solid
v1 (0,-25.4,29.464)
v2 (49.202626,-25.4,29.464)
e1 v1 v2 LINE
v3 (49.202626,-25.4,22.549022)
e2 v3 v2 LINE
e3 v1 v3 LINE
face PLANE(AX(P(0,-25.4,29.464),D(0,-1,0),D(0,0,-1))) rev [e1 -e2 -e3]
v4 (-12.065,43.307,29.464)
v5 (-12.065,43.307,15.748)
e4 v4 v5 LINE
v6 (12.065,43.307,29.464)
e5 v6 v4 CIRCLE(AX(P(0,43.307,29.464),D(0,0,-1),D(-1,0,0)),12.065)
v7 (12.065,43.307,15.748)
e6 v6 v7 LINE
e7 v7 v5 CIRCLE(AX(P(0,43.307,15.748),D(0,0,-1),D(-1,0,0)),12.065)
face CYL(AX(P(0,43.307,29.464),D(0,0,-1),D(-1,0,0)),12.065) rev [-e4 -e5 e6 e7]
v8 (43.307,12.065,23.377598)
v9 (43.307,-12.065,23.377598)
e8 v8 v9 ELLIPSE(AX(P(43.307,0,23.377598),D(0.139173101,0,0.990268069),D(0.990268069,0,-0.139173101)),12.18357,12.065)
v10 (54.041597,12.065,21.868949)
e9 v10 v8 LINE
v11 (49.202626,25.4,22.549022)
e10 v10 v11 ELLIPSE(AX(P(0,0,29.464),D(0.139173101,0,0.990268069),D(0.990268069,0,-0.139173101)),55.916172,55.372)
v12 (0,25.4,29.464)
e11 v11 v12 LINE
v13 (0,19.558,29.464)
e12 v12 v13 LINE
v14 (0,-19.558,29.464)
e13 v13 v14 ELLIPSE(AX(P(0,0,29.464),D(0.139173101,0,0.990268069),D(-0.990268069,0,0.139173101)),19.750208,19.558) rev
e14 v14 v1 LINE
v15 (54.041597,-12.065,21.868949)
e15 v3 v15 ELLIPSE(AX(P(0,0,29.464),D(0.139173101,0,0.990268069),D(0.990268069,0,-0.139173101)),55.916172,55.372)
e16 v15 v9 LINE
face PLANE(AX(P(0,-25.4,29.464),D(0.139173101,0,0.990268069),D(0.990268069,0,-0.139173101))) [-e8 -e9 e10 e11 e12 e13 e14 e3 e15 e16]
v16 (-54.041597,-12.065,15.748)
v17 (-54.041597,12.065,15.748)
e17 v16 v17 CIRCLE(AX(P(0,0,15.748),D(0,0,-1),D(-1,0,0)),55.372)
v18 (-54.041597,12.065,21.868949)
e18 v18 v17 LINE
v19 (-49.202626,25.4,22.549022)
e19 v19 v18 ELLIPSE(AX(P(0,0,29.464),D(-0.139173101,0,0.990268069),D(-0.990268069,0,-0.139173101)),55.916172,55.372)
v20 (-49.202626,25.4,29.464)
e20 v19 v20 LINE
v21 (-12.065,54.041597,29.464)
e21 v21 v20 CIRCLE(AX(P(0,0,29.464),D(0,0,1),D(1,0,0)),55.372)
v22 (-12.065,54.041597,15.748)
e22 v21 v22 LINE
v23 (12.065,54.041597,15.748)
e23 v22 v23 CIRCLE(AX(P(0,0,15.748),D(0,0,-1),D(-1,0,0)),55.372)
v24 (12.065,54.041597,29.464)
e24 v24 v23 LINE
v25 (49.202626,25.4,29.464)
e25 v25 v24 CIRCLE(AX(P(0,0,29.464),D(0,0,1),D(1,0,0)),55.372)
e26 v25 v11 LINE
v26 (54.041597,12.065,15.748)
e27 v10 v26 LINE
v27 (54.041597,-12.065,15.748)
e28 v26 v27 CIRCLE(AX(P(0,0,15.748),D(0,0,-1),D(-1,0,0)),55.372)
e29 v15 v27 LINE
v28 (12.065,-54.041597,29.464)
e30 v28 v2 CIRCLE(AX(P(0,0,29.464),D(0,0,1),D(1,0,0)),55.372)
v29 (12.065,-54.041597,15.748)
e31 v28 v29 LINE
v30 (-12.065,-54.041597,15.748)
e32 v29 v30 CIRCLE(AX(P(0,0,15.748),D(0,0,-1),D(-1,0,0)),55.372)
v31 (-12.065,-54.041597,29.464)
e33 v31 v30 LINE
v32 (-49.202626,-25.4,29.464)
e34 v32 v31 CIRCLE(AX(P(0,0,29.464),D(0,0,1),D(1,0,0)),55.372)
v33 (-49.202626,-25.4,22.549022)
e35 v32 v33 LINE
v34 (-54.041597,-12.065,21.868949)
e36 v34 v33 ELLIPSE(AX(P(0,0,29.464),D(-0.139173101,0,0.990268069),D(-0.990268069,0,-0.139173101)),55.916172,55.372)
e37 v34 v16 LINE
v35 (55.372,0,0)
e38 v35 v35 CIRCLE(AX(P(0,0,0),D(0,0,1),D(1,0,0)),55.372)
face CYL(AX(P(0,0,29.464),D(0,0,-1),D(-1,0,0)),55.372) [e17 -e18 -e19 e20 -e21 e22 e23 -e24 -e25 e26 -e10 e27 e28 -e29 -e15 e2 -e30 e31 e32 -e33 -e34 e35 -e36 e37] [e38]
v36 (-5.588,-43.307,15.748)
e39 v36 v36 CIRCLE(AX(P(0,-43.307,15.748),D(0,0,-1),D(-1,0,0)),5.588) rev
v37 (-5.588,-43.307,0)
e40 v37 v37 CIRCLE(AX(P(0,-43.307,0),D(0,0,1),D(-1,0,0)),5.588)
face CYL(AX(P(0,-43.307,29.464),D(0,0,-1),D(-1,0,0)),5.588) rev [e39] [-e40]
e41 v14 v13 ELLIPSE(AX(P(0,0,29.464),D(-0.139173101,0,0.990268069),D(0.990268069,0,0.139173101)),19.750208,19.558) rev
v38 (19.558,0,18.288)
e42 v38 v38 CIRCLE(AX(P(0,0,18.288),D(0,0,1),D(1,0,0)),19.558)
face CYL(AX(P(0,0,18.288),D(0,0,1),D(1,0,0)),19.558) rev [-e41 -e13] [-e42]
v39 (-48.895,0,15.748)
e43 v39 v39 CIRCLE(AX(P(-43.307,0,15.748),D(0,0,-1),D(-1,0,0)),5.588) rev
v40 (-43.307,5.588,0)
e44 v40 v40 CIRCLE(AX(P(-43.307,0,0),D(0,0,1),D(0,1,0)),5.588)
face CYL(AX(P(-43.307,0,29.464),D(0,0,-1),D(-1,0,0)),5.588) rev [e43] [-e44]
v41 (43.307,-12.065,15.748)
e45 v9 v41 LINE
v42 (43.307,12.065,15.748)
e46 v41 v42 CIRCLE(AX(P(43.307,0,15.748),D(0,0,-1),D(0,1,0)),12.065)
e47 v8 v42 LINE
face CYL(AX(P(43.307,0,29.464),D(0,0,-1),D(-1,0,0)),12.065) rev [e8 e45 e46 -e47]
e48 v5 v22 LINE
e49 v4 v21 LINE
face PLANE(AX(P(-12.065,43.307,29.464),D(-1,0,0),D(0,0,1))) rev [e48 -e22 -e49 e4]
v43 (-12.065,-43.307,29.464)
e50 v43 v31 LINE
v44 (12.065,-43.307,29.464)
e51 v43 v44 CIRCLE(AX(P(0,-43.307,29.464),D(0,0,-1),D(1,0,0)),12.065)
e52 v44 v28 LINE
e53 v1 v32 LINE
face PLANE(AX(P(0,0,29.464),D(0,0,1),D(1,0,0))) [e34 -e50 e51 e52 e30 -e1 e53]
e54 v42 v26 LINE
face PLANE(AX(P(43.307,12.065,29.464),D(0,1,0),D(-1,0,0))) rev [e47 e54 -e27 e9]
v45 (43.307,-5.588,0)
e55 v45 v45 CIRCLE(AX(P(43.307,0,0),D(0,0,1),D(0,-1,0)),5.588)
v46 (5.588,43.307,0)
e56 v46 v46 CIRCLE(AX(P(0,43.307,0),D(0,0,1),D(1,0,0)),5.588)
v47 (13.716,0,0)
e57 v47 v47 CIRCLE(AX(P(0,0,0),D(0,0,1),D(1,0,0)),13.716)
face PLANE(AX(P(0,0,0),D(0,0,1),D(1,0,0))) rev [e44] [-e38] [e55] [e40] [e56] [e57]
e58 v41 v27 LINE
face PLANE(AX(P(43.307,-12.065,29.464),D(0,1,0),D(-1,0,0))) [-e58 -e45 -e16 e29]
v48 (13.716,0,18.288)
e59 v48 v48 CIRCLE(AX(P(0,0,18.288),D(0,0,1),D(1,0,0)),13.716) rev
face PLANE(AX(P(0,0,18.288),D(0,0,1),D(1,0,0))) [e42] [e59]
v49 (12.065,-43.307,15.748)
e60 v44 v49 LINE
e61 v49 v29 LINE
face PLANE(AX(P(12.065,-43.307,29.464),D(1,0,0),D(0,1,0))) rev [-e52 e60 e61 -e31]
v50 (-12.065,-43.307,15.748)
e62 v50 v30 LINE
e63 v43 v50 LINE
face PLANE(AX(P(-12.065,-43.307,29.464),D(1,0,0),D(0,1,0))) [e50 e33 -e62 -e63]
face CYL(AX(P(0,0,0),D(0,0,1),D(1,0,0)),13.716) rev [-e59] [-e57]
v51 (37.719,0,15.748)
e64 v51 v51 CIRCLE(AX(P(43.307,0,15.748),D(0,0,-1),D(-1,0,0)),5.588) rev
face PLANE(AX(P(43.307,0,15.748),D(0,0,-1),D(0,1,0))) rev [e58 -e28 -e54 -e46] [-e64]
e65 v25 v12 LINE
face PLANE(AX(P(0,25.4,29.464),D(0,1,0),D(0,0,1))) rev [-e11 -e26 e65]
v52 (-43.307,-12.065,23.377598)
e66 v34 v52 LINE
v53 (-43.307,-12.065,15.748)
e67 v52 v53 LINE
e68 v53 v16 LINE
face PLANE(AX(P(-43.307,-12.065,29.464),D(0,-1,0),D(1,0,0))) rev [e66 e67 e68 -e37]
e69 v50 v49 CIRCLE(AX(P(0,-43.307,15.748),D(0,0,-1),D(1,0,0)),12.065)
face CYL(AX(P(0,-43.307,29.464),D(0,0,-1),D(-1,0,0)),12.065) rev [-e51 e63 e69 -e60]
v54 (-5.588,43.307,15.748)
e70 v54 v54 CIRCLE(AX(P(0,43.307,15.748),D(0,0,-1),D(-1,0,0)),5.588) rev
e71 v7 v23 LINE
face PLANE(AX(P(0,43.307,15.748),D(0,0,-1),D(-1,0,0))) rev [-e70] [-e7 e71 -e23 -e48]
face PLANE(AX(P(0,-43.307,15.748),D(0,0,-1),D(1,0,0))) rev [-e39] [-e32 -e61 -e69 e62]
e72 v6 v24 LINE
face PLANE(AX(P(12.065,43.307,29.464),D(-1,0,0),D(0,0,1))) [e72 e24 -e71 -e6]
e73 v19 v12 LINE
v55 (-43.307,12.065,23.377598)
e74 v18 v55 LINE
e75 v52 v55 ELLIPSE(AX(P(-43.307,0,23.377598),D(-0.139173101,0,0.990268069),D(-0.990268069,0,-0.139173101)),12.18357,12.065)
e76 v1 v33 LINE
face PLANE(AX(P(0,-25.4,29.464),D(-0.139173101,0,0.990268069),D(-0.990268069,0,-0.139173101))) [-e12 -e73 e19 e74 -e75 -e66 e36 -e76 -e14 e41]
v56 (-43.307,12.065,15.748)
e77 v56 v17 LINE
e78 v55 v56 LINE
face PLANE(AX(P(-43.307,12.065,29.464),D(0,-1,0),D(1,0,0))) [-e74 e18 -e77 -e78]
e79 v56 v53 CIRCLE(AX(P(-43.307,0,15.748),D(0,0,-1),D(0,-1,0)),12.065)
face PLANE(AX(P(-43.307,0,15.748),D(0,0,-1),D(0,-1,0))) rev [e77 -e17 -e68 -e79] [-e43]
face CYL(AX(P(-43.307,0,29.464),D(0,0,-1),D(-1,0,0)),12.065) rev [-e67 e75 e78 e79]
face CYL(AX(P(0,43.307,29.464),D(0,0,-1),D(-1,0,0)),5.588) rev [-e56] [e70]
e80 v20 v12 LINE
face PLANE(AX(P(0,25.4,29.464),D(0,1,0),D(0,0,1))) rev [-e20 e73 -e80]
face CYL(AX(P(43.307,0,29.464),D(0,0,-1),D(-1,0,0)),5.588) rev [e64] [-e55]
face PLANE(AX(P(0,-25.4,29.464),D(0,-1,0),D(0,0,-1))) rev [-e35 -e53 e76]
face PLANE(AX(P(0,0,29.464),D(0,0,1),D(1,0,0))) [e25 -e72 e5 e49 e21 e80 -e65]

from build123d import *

# Parameters (mm, degrees)
SKETCH1_R          = 55.372
EXTRUDE1_DEPTH     = 29.464
SKETCH4_R          = 13.716
CUT_EXTRUDE1_DEPTH = 29.464
SKETCH5_R          = 19.558
CUT_EXTRUDE2_DEPTH = 11.176
SKETCH6_W          = 66.904134355
SKETCH6_H          = 50.8
CUT_REVOLVE1_ANGLE = 8
CUT_EXTRUDE4_START = 15.748
CUT_EXTRUDE4_DEPTH = 14.716
SKETCH12_R         = 5.588
CUT_EXTRUDE5_DEPTH = 30.464
CIRPATTERN1_COUNT  = 4


with BuildPart() as part:
    # Sketch1 → Extrude1 (new body)
    with BuildSketch(Plane.XY):
        Circle(SKETCH1_R)
    extrude(amount=EXTRUDE1_DEPTH)

    # Sketch4 → Cut-Extrude1 (cut)
    with BuildSketch(Plane.XY.offset(29.464)):
        Circle(SKETCH4_R)
    extrude(amount=-CUT_EXTRUDE1_DEPTH, mode=Mode.SUBTRACT)

    # Sketch5 → Cut-Extrude2 (cut)
    with BuildSketch(Plane.XY.offset(29.464)):
        Circle(SKETCH5_R)
    extrude(amount=-CUT_EXTRUDE2_DEPTH, mode=Mode.SUBTRACT)

    # Sketch6 → Cut-Revolve1 (revolve, cut)
    with BuildSketch(Plane.XY.offset(29.464)):
        with Locations((33.452067178, 0)):
            Rectangle(SKETCH6_W, SKETCH6_H)
    cut_revolve1 = revolve(axis=Axis((0, 25.4, 29.464), (0, 1, 0)), revolution_arc=CUT_REVOLVE1_ANGLE, mode=Mode.SUBTRACT)

    # Mirror1: Cut-Revolve1 across plane
    add(cut_revolve1.mirror(Plane(origin=(0, 0, 0), x_dir=(0, 0, 1), z_dir=(1, 0, 0))), mode=Mode.SUBTRACT)

    # Sketch9 → Cut-Extrude4 (cut, through all)
    with BuildSketch(Plane.XY.offset(CUT_EXTRUDE4_START)):
        with BuildLine():
            Line((-12.065, 43.307), (-12.065, 67.279112083))
            Line((-12.065, 67.279112083), (12.065, 66.235281078))
            Line((12.065, 66.235281078), (12.065, 43.307))
            ThreePointArc((12.065, 43.307), (0, 31.242), (-12.065, 43.307))
        make_face()
    cut_extrude4 = extrude(amount=CUT_EXTRUDE4_DEPTH, mode=Mode.SUBTRACT)

    # Sketch12 → Cut-Extrude5 (cut, through all)
    with BuildSketch(Plane.XY):
        with Locations((0, 43.307)):
            Circle(SKETCH12_R)
    cut_extrude5 = extrude(amount=CUT_EXTRUDE5_DEPTH, mode=Mode.SUBTRACT)

    # CirPattern1: Cut-Extrude4, Cut-Extrude5 ×4 about axis
    cirpattern1_axis = Axis((0, 0, 0), (0, 0, 1))
    for i in range(1, CIRPATTERN1_COUNT):
        add(cut_extrude4.rotate(cirpattern1_axis, i * 360 / CIRPATTERN1_COUNT), mode=Mode.SUBTRACT)
        add(cut_extrude5.rotate(cirpattern1_axis, i * 360 / CIRPATTERN1_COUNT), mode=Mode.SUBTRACT)


solid = part.part
